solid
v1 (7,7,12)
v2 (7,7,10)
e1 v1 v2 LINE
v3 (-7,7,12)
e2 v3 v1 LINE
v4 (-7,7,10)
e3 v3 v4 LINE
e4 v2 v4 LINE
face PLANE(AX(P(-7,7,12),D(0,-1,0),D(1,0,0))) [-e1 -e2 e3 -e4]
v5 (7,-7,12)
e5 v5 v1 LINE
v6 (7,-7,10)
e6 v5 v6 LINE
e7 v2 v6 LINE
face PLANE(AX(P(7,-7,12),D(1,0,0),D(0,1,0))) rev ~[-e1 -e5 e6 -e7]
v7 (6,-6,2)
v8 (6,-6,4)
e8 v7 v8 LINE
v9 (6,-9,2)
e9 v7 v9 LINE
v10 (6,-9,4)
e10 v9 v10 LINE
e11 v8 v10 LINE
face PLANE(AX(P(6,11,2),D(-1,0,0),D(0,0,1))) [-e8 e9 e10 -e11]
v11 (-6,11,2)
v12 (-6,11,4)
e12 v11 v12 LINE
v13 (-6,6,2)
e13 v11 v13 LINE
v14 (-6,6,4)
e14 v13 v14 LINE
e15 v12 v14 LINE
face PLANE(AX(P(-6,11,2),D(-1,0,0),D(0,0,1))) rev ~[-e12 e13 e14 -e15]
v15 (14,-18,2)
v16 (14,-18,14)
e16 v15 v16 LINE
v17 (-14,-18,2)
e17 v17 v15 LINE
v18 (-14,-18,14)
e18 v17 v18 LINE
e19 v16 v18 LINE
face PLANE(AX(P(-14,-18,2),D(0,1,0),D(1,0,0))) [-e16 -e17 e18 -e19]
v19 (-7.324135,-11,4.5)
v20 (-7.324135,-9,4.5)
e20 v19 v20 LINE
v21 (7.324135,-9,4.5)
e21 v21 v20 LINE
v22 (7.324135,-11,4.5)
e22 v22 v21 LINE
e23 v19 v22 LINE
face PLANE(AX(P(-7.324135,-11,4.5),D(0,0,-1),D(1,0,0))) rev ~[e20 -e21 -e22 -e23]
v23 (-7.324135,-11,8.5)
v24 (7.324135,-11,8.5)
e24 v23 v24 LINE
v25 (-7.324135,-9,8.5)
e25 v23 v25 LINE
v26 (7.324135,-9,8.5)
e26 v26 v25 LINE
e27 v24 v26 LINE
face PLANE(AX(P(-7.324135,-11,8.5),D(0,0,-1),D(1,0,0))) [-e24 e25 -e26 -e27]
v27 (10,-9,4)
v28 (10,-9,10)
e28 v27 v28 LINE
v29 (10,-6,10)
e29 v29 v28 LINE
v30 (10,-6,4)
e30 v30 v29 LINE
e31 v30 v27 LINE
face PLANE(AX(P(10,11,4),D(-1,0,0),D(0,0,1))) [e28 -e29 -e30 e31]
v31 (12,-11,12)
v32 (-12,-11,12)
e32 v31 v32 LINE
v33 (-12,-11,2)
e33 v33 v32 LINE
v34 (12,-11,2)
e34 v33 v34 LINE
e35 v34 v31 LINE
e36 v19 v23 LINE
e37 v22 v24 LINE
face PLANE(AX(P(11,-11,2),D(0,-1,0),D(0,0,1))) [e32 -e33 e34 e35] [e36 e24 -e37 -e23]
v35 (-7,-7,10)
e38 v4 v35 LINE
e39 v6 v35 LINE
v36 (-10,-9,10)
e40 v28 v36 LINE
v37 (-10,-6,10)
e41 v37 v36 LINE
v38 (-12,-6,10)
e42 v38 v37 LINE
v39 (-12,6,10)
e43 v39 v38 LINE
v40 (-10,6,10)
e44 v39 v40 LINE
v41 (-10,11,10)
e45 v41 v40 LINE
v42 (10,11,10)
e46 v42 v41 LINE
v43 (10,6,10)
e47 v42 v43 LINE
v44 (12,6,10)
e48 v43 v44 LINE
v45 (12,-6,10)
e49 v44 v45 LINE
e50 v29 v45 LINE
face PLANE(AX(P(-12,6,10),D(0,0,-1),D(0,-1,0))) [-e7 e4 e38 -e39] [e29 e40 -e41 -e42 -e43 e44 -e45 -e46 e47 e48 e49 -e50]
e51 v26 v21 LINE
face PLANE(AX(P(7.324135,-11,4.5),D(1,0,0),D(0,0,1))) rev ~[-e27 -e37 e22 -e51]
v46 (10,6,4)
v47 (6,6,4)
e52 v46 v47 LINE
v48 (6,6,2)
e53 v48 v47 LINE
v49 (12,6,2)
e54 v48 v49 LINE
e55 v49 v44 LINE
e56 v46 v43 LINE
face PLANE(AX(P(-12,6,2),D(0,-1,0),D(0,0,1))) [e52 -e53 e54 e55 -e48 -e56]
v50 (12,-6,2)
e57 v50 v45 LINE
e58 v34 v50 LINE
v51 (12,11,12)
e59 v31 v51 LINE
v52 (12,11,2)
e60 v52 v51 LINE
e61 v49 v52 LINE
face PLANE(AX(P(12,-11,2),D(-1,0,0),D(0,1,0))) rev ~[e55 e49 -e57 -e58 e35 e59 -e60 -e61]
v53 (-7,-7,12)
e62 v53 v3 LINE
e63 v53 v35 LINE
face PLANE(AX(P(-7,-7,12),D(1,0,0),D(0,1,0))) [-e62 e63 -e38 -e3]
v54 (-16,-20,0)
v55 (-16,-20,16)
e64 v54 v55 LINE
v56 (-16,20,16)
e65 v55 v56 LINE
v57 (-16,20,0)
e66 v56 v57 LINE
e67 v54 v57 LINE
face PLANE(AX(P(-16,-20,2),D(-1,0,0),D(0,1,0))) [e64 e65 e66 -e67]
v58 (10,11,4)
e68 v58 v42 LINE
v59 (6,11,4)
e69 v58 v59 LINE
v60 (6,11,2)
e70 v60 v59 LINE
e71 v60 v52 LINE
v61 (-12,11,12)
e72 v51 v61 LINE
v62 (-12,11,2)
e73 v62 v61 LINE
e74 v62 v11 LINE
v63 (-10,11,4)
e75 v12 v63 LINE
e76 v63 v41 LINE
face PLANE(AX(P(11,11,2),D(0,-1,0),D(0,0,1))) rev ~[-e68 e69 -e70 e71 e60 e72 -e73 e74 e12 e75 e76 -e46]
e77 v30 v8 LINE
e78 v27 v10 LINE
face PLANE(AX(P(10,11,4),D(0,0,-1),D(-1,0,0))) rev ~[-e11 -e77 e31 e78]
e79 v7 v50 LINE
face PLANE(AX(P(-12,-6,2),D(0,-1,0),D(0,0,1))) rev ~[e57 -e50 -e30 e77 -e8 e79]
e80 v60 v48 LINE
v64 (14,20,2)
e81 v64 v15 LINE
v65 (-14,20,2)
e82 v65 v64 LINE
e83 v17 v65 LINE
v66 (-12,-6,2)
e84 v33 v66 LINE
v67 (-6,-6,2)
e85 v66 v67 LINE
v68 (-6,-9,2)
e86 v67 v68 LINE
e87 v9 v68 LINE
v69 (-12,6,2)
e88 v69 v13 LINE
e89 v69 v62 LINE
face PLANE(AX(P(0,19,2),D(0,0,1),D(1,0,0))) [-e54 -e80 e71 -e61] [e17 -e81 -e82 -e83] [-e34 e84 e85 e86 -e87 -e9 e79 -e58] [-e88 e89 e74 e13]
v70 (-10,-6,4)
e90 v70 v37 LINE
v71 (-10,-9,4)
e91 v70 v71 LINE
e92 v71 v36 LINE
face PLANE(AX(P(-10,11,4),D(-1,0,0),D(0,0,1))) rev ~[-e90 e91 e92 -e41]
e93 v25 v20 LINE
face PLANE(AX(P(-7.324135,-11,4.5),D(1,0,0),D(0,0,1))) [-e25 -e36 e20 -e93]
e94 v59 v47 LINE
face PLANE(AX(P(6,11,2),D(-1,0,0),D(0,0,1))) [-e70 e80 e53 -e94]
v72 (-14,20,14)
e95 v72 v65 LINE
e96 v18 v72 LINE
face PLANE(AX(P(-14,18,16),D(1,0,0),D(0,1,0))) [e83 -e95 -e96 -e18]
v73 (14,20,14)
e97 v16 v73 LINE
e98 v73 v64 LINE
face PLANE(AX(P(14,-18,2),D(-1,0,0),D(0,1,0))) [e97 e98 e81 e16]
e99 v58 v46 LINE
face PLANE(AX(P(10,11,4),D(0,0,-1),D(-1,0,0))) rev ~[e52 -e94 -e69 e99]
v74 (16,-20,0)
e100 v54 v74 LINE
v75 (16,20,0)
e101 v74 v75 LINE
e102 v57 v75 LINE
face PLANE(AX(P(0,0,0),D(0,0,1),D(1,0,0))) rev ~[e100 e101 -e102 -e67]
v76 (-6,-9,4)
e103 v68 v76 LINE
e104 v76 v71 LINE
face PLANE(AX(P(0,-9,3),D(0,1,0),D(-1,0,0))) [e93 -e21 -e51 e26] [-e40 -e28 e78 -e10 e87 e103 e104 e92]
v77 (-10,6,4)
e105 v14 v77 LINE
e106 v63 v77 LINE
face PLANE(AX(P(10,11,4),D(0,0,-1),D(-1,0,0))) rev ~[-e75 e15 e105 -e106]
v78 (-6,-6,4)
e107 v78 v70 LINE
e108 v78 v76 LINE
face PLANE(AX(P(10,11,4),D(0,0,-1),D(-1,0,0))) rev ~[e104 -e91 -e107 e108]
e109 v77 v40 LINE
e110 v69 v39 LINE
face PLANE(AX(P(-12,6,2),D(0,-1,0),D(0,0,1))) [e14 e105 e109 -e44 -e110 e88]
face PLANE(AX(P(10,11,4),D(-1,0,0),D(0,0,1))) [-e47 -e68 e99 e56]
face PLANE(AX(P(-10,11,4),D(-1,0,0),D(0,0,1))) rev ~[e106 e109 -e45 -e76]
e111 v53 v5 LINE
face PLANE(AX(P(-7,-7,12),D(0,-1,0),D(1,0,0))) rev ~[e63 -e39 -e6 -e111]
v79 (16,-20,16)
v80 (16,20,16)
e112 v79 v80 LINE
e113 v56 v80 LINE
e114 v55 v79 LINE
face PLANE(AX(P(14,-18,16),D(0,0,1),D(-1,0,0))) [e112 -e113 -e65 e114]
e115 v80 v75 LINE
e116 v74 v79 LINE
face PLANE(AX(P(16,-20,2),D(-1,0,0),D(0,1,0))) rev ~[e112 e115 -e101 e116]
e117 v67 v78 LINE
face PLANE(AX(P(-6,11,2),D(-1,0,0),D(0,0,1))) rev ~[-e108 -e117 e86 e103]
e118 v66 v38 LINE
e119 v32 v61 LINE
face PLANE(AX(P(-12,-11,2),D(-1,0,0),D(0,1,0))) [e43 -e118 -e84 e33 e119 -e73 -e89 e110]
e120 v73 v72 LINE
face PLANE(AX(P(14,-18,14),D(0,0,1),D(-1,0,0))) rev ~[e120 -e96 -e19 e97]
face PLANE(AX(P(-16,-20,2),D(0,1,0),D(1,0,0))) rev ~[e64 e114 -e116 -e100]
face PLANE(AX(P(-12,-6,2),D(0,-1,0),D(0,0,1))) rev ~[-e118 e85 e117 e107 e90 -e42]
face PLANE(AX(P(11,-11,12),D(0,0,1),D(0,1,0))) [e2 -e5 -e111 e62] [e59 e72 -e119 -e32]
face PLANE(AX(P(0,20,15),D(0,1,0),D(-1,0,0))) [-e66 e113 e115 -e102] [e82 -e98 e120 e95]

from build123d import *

# Parameters (mm, degrees)
F0_W      = 32
F0_H      = 40
F1_DEPTH  = 2
F3_W      = 22
F3_H      = 22
F4_DEPTH  = 10
F6_DEPTH  = 1
F7_DEPTH  = 1
F5_W      = 20
F5_H      = 6
F8_DEPTH  = 20
F9_W      = 12
F9_H      = 2
F10_DEPTH = 20
F11_W     = 12
F11_H     = 8
F12_DEPTH = 25
F13_W     = 14.6482707933
F13_H     = 4
F14_DEPTH = 25
F15_W     = 14
F15_H     = 14
F16_DEPTH = 5
F2_W      = 32
F2_H      = 40
F2_W_2    = 28
F2_H_2    = 36
F17_DEPTH = 14
F19_W     = 28
F19_H     = 2
F20_DEPTH = 14
F18_W     = 28
F18_H     = 2
F21_DEPTH = 38


with BuildPart() as f1:
    # F0 (on Top) → F1 (new body)
    with BuildSketch(Plane.XY):
        Rectangle(F0_W, F0_H)
    extrude(amount=F1_DEPTH)

    # F3 (on face) → F4 (join)
    with BuildSketch(Plane.XY.offset(2)):
        Rectangle(F3_W, F3_H)
    extrude(amount=F4_DEPTH)

    # F6 (add): a face of the model
    f6_faces = [f1.faces().sort_by_distance(p)[0] for p in [
        (-11, 0, 7),
    ]]
    extrude(f6_faces, amount=F6_DEPTH)

    # F7 (add): a face of the model
    f7_faces = [f1.faces().sort_by_distance(p)[0] for p in [
        (11, 0, 7),
    ]]
    extrude(f7_faces, amount=F7_DEPTH)

    # F5 (on face) → F8 (cut)
    with BuildSketch(Plane(origin=(0, 11, 0), x_dir=(-1, 0, 0), z_dir=(0, 1, 0))):
        with Locations((0, 7)):
            Rectangle(F5_W, F5_H)
    extrude(amount=-F8_DEPTH, mode=Mode.SUBTRACT)

    # F9 (on face) → F10 (cut)
    with BuildSketch(Plane(origin=(0, 11, 0), x_dir=(-1, 0, 0), z_dir=(0, 1, 0))):
        with Locations((0, 3)):
            Rectangle(F9_W, F9_H)
    extrude(amount=-F10_DEPTH, mode=Mode.SUBTRACT)

    # F11 (on face) → F12 (cut)
    with BuildSketch(Plane(origin=(-12, 0, 0), x_dir=(0, -1, 0), z_dir=(-1, 0, 0))):
        with Locations((0, 6)):
            Rectangle(F11_W, F11_H)
    extrude(amount=-F12_DEPTH, mode=Mode.SUBTRACT)

    # F13 (on face) → F14 (cut)
    with BuildSketch(Plane.XZ.offset(11)):
        with Locations((0, 6.5)):
            Rectangle(F13_W, F13_H)
    extrude(amount=-F14_DEPTH, mode=Mode.SUBTRACT)

    # F15 (on face) → F16 (cut)
    with BuildSketch(Plane.XY.offset(12)):
        Rectangle(F15_W, F15_H)
    extrude(amount=-F16_DEPTH, mode=Mode.SUBTRACT)

    # F2 (on face) → F17 (join)
    with BuildSketch(Plane.XY.offset(2)):
        Rectangle(F2_W, F2_H)
        Rectangle(F2_W_2, F2_H_2, mode=Mode.SUBTRACT)
    extrude(amount=F17_DEPTH)

    # F19 (on face) → F20 (cut)
    with BuildSketch(Plane.XY.offset(16)):
        with Locations((0, 19)):
            Rectangle(F19_W, F19_H)
    extrude(amount=-F20_DEPTH, mode=Mode.SUBTRACT)

    # F18 (on face) → F21 (join)
    with BuildSketch(Plane(origin=(0, -18, 0), x_dir=(-1, 0, 0), z_dir=(0, 1, 0))):
        with Locations((0, 15)):
            Rectangle(F18_W, F18_H)
    extrude(amount=F21_DEPTH)


solid = f1.part
